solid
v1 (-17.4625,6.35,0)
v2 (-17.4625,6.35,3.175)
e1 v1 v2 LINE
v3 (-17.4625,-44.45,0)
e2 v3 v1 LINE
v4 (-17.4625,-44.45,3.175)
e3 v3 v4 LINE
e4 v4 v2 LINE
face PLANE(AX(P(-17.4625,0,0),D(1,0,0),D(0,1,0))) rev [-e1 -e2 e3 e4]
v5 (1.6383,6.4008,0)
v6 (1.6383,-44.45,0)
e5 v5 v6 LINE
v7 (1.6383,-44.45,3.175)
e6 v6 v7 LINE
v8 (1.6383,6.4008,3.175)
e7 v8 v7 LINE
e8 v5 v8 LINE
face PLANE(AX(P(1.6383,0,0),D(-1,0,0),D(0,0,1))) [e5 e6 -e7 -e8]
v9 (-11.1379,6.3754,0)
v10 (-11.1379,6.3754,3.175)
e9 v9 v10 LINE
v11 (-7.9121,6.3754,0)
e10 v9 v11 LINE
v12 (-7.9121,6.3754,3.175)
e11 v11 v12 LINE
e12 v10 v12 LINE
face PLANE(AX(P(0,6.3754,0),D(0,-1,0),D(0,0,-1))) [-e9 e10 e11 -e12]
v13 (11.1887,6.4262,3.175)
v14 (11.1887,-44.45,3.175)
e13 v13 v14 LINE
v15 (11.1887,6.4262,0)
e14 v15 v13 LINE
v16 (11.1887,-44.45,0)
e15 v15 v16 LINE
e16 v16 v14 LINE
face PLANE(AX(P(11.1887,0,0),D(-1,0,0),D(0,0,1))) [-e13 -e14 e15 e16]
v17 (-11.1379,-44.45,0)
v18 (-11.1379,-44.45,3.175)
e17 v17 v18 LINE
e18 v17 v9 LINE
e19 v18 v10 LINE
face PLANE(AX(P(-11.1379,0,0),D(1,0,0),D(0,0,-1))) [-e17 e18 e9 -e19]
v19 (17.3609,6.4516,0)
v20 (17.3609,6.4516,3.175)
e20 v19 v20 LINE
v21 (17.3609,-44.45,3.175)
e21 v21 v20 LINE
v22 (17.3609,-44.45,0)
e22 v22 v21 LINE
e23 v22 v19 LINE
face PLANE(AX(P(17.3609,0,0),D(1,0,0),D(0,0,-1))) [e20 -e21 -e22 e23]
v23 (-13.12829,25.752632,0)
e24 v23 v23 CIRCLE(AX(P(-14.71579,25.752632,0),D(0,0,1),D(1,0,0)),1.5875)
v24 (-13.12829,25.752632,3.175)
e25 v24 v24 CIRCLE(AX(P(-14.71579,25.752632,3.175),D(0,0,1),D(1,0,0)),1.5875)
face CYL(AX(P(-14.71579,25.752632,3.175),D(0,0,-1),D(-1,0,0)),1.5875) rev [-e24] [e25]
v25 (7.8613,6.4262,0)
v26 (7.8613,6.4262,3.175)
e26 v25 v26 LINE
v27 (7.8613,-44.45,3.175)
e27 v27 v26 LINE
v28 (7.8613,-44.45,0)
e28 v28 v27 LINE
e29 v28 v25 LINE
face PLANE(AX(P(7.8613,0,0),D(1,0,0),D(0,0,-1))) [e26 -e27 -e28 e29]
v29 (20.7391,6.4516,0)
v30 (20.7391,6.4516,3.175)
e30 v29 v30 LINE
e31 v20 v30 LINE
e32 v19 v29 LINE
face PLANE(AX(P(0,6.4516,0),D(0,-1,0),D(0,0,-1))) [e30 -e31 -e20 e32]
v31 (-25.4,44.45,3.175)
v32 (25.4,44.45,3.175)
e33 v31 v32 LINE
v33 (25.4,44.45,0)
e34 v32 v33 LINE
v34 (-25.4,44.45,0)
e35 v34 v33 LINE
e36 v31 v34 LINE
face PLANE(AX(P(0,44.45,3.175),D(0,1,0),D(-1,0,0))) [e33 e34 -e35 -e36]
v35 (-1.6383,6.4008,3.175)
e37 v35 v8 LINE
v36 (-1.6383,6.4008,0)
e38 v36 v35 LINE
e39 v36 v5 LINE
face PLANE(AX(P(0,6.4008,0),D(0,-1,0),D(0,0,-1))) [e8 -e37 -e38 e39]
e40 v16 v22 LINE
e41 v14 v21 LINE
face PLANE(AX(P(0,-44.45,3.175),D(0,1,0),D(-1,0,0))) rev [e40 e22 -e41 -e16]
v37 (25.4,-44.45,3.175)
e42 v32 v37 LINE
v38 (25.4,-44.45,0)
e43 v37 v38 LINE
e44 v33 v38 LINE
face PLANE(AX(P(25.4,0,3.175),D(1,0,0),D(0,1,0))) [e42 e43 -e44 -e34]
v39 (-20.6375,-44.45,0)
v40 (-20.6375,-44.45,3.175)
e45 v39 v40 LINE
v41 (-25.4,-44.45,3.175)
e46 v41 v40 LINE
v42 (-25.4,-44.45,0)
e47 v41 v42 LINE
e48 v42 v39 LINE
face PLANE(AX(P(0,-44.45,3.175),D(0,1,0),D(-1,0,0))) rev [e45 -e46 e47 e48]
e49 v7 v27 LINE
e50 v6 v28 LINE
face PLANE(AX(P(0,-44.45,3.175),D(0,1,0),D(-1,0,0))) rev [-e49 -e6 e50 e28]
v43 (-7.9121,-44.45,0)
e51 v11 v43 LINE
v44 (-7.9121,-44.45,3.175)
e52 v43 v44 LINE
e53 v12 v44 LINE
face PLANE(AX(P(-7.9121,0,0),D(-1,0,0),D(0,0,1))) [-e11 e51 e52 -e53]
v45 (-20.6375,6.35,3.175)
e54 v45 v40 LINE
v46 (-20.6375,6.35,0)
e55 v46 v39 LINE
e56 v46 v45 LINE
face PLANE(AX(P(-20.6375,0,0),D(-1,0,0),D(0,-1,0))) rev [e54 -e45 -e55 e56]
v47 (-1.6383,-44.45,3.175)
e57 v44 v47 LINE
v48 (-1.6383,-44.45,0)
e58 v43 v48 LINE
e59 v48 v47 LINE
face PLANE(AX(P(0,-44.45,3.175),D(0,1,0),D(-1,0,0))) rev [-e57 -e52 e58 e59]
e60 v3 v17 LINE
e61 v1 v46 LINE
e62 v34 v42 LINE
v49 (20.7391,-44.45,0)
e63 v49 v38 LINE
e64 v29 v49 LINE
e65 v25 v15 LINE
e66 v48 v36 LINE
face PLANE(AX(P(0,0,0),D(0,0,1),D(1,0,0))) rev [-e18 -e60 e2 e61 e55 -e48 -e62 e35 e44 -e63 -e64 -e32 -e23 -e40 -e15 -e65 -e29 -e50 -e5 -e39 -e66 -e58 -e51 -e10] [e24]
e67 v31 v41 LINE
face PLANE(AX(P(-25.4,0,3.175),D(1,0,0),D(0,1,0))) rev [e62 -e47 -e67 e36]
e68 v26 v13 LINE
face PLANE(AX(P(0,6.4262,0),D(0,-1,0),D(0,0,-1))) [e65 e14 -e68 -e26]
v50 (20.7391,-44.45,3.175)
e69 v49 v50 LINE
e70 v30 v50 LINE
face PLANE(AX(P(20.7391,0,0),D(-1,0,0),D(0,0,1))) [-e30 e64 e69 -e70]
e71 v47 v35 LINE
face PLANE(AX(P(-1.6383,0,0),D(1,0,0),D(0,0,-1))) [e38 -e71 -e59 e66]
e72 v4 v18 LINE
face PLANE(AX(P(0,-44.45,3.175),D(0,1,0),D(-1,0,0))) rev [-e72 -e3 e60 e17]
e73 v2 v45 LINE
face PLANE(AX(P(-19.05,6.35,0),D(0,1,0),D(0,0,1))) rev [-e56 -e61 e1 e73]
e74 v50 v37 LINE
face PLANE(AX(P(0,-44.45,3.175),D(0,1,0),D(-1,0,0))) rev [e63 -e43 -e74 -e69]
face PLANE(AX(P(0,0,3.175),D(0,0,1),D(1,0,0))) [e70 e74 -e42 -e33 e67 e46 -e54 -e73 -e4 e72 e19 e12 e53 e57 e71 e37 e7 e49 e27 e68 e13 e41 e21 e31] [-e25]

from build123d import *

# Parameters (mm, degrees)
SKETCH1_W           = 50.8
SKETCH1_H           = 88.9
SKETCH1_R           = 1.5875
BOSS_EXTRUDE1_DEPTH = 3.175
SKETCH2_W           = 3.175
SKETCH2_H           = 50.8
CUT_EXTRUDE1_DEPTH  = 52.293694788
LPATTERN1_COUNT     = 3
LPATTERN1_PITCH     = 9.525
LPATTERN1_COL_COUNT = 3
LPATTERN1_COL_PITCH = 9.525
CUT_EXTRUDE2_DEPTH  = 52.293694788


with BuildPart() as part:
    # Sketch1 → Boss-Extrude1 (new body)
    with BuildSketch(Plane.XY):
        Rectangle(SKETCH1_W, SKETCH1_H)
        with Locations((-14.715789726, 25.75263202)):
            Circle(SKETCH1_R, mode=Mode.SUBTRACT)
    extrude(amount=BOSS_EXTRUDE1_DEPTH)

    # Sketch2 → Cut-Extrude1 (cut, through all)
    with BuildSketch(Plane.XY.offset(3.175)):
        with Locations((0, -19.05)):
            Rectangle(SKETCH2_W, SKETCH2_H)
    cut_extrude1 = extrude(amount=-CUT_EXTRUDE1_DEPTH, mode=Mode.SUBTRACT)

    # LPattern1: Cut-Extrude1 ×3
    with Locations(*[(i * LPATTERN1_PITCH, 0, 0) for i in range(1, LPATTERN1_COUNT)]):
        add(cut_extrude1, mode=Mode.SUBTRACT)

    # LPattern1 col: Cut-Extrude1 ×3
    with Locations(*[(-i * LPATTERN1_COL_PITCH, 0, 0) for i in range(1, LPATTERN1_COL_COUNT)]):
        add(cut_extrude1, mode=Mode.SUBTRACT)

    # Sketch3 → Cut-Extrude2 (cut, through all)
    with BuildSketch(Plane.XY.offset(3.175)):
        Polygon((-11.1379, 6.3754), (-11.1379, -44.45), (-11.1125, -44.45), (-11.1125, 6.35), (-7.9375, 6.35), (-7.9375, -44.45), (-7.9121, -44.45), (-7.9121, 6.3754), align=None)
        Polygon((-1.6383, 6.4008), (-1.6383, -44.45), (-1.5875, -44.45), (-1.5875, 6.35), (1.5875, 6.35), (1.5875, -44.45), (1.6383, -44.45), (1.6383, 6.4008), align=None)
        Polygon((7.8613, 6.4262), (7.8613, -44.45), (7.9375, -44.45), (7.9375, 6.35), (11.1125, 6.35), (11.1125, -44.45), (11.1887, -44.45), (11.1887, 6.4262), align=None)
        Polygon((20.6375, -44.45), (20.7391, -44.45), (20.7391, 6.4516), (17.3609, 6.4516), (17.3609, -44.45), (17.4625, -44.45), (17.4625, 6.35), (20.6375, 6.35), align=None)
    extrude(amount=-CUT_EXTRUDE2_DEPTH, mode=Mode.SUBTRACT)


solid = part.part
